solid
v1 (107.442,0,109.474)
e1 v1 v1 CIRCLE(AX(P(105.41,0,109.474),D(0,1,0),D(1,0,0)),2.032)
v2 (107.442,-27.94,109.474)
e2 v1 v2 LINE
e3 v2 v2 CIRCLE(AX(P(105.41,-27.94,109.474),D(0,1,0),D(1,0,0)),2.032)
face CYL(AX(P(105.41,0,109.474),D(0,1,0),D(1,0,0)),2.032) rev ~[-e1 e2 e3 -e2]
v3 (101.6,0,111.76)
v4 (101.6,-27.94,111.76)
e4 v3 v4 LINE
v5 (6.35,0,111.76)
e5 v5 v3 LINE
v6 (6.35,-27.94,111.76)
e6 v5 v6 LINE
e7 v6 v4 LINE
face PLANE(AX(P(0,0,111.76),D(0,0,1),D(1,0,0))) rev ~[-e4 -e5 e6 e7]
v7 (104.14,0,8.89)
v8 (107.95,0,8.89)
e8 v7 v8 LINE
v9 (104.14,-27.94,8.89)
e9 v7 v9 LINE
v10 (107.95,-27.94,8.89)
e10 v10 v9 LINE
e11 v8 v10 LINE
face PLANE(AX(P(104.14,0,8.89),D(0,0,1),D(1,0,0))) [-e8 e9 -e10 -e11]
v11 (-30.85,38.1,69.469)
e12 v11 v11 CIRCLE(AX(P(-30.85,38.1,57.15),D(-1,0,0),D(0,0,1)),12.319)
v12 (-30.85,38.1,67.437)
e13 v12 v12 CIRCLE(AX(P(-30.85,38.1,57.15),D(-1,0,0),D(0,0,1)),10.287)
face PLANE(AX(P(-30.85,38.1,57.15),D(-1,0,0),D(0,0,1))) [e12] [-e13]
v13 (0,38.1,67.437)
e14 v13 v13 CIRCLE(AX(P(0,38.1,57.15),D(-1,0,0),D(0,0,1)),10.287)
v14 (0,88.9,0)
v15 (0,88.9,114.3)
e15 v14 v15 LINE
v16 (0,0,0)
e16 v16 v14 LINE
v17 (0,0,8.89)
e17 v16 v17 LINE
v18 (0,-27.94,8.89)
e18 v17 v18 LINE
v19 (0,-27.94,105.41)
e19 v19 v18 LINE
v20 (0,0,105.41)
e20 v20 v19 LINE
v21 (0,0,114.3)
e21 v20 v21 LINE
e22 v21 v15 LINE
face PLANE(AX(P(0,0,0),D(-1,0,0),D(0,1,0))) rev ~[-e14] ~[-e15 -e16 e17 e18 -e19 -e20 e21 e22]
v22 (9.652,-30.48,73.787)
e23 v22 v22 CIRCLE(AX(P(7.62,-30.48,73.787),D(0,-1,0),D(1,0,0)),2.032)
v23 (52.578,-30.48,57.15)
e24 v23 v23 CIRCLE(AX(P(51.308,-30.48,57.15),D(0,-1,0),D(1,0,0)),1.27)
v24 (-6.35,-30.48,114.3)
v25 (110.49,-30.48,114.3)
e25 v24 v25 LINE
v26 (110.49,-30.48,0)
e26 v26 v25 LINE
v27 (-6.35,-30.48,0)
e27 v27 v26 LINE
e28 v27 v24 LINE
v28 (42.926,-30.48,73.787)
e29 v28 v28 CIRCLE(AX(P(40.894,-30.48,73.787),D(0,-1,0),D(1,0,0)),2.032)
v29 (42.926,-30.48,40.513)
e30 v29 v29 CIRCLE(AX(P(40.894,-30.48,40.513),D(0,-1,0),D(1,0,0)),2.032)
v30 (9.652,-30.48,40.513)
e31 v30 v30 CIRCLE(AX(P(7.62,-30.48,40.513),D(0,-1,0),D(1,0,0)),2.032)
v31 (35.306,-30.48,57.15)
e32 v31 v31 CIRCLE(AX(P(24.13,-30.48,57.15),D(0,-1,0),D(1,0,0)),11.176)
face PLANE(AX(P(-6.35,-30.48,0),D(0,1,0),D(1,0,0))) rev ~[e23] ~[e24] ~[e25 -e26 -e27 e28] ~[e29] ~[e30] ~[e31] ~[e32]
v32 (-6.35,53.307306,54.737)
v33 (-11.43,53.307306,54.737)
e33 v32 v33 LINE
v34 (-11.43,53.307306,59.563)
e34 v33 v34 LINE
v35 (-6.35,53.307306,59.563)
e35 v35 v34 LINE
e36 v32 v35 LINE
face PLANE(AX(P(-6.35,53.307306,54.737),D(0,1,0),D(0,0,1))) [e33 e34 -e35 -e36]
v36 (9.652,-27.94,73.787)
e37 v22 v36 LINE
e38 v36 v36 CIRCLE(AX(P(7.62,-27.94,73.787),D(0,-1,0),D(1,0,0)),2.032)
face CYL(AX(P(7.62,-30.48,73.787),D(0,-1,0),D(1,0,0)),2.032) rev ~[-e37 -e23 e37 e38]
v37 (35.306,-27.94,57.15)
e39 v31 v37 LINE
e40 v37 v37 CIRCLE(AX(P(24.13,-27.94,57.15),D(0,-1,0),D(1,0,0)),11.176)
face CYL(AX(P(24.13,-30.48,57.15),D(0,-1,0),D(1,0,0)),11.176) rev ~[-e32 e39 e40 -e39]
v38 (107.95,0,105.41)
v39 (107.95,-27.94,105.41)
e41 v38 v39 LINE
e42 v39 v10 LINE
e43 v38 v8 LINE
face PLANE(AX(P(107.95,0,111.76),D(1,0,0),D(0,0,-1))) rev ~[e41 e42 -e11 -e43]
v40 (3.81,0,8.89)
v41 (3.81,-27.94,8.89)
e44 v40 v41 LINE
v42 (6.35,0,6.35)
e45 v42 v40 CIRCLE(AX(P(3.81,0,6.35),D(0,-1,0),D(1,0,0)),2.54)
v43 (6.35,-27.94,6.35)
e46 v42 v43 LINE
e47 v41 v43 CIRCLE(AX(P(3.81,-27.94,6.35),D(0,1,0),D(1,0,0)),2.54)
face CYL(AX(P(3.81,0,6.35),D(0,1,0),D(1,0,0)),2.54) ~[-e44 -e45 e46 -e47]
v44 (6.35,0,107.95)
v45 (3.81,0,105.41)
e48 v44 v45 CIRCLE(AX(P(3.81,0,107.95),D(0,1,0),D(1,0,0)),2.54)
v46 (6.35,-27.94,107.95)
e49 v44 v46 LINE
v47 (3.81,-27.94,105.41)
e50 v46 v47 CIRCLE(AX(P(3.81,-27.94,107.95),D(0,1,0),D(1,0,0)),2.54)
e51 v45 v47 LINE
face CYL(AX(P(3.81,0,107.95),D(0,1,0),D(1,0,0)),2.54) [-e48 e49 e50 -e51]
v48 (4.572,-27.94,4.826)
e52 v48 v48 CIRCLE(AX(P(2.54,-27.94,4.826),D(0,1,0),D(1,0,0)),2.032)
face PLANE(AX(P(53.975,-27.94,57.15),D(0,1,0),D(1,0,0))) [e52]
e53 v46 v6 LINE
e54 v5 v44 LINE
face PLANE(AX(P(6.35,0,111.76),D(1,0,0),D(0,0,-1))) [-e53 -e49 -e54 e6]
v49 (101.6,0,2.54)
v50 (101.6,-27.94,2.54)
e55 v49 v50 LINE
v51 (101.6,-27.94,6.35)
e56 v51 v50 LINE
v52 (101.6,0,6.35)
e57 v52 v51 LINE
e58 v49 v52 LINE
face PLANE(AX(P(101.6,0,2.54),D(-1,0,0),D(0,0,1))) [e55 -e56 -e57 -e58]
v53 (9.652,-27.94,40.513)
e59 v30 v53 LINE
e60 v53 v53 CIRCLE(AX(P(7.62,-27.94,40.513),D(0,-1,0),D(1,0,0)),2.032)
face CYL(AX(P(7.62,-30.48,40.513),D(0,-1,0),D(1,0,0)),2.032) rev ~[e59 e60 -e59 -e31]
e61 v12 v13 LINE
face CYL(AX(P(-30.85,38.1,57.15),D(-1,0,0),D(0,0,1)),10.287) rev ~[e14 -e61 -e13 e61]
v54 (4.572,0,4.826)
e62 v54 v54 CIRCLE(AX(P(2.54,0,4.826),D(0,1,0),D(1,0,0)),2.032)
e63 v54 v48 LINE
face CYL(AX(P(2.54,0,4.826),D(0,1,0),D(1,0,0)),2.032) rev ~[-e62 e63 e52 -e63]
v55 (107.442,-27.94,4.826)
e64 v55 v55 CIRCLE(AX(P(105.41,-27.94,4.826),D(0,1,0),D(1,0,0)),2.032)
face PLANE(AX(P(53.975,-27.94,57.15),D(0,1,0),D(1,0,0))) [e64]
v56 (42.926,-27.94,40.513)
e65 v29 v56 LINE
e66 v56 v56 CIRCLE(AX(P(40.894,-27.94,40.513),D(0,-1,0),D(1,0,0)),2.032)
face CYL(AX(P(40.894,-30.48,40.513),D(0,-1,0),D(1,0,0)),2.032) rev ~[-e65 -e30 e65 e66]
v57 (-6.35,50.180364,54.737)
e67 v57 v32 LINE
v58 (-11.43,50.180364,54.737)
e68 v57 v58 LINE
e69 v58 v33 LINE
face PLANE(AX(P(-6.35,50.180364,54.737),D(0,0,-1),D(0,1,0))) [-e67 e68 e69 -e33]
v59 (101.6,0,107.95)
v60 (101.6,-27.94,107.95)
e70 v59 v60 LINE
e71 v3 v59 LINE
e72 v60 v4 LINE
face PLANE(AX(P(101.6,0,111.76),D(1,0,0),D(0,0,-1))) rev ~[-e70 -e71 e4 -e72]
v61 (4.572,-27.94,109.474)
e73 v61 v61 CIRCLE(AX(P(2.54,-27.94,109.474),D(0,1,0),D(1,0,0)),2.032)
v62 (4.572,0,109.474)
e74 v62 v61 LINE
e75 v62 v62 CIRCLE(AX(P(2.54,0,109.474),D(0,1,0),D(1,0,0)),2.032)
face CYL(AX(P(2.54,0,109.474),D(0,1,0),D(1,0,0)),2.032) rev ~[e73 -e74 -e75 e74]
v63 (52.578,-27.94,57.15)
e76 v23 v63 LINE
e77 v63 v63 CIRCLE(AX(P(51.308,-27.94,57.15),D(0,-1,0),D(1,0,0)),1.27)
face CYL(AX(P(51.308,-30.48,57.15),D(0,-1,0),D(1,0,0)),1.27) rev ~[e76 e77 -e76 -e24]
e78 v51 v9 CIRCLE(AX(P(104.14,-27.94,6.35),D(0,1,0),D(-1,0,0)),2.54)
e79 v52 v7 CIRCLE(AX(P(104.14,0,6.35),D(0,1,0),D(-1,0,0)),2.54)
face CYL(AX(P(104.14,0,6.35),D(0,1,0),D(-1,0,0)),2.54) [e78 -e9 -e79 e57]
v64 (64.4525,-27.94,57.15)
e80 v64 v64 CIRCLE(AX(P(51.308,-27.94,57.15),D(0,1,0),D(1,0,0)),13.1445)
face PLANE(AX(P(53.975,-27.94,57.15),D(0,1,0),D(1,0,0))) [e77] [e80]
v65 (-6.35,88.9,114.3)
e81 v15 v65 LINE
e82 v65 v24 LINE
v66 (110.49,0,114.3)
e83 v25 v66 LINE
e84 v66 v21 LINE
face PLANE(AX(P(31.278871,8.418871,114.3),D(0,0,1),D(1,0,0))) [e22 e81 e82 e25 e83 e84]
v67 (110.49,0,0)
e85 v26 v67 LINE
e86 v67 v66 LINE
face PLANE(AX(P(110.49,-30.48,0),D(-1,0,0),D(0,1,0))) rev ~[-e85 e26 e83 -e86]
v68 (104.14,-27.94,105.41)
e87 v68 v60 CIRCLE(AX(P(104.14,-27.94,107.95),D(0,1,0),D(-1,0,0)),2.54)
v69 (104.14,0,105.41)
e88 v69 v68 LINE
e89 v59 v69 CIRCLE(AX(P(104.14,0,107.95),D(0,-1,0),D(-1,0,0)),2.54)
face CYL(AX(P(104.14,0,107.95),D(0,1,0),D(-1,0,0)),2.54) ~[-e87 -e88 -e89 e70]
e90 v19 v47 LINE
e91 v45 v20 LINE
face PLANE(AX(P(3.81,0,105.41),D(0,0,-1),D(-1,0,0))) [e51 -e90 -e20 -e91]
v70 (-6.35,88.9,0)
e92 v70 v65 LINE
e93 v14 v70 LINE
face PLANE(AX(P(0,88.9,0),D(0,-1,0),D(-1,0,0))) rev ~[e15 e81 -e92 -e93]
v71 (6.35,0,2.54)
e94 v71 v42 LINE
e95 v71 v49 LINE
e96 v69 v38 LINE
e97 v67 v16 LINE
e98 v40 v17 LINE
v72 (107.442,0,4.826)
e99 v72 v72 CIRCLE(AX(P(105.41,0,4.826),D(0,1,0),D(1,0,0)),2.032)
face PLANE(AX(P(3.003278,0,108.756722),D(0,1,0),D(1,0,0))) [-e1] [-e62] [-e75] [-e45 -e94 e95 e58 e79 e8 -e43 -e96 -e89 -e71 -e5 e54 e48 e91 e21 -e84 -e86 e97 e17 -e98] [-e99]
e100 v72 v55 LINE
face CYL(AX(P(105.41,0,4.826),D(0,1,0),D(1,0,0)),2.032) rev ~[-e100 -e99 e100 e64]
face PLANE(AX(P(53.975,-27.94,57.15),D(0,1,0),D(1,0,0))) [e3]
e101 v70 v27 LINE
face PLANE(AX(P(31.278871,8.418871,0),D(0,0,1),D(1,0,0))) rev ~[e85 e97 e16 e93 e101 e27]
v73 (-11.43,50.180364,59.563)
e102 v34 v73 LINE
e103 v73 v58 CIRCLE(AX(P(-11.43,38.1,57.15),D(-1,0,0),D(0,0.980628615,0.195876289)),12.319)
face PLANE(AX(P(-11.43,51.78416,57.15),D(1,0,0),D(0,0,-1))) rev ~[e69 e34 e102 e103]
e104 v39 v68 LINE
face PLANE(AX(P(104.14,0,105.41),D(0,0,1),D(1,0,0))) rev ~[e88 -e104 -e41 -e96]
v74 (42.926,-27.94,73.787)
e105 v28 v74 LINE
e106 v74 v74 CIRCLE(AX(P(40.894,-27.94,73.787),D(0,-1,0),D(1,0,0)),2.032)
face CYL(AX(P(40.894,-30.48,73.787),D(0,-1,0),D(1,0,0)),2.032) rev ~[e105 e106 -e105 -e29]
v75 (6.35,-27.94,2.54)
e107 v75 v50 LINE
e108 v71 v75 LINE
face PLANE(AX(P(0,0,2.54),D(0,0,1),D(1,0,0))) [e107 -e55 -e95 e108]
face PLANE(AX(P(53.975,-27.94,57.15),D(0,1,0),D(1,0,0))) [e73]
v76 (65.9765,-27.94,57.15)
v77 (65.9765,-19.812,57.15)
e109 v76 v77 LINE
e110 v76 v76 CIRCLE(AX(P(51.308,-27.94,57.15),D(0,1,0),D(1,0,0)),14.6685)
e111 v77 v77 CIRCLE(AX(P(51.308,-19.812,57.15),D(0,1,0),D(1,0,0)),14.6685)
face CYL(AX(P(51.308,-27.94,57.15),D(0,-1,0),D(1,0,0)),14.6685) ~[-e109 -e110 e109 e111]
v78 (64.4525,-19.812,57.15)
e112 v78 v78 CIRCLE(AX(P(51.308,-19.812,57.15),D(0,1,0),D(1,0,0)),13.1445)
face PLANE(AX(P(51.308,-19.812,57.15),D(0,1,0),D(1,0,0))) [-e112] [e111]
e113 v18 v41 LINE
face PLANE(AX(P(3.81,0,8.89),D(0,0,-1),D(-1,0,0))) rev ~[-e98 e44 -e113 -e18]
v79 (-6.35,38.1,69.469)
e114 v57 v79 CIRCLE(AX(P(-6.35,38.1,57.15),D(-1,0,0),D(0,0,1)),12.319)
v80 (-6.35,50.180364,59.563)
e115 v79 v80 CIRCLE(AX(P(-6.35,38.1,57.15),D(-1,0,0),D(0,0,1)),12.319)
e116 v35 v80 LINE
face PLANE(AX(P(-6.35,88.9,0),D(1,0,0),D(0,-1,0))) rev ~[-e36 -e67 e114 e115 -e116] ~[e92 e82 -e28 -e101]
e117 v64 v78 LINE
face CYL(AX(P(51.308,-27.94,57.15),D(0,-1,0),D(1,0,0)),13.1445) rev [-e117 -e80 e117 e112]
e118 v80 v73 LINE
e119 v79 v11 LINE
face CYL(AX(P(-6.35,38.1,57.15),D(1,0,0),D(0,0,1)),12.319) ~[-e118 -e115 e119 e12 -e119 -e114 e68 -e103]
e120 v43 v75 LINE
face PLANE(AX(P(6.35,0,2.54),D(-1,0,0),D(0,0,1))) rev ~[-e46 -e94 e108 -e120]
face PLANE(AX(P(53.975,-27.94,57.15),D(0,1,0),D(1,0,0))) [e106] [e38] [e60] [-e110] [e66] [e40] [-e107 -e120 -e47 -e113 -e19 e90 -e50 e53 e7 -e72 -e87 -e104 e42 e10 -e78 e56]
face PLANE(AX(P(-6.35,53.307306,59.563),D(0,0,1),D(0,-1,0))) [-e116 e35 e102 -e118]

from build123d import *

# Parameters (mm, degrees)
BOSS_EXTRUDE1_DEPTH  = 114.3
SKETCH3_W            = 107.95
SKETCH3_H            = 109.22
CUT_EXTRUDE1_DEPTH   = 27.94
BOSS_EXTRUDE14_REACH = 32.48
SKETCH4_R            = 2.032
SKETCH5_R            = 2.032
SKETCH5_R_2          = 11.176
SKETCH5_R_3          = 1.27
CUT_EXTRUDE2_DEPTH   = 2.54
SKETCH7_R            = 12.319
BOSS_EXTRUDE15_DEPTH = 24.5
CUT_EXTRUDE3_REACH   = 143.34
SKETCH8_R            = 10.287
BOSS_EXTRUDE17_DEPTH = 5.08
SKETCH16_R           = 14.6685
SKETCH16_R_2         = 13.1445
BOSS_EXTRUDE18_DEPTH = 8.128


with BuildPart() as part:
    # Sketch1 → Boss-Extrude1 (new body)
    with BuildSketch(Plane.XY):
        Polygon((0, 0), (0, 88.9), (-6.35, 88.9), (-6.35, -30.48), (110.49, -30.48), (110.49, 0), align=None)
    extrude(amount=BOSS_EXTRUDE1_DEPTH)

    # Sketch3 → Cut-Extrude1 (cut)
    with BuildSketch(Plane(origin=(0, 0, 0), x_dir=(1, 0, 0), z_dir=(0, 1, 0))):
        with Locations((53.975, -57.15)):
            Rectangle(SKETCH3_W, SKETCH3_H)
    extrude(amount=-CUT_EXTRUDE1_DEPTH, mode=Mode.SUBTRACT)

    # Sketch4 → Boss-Extrude14 (add, up to next)
    with BuildSketch(Plane(origin=(0, 0, 0), x_dir=(1, 0, 0), z_dir=(0, 1, 0)), mode=Mode.PRIVATE) as boss_extrude14_sk1:
        with BuildLine():
            Line((0, -2.54), (6.35, -2.54))
            Line((6.35, -2.54), (6.35, -6.35))
            ThreePointArc((6.35, -6.35), (5.606051224, -8.146051224), (3.81, -8.89))
            Line((3.81, -8.89), (0, -8.89))
            Line((0, -8.89), (0, -2.54))
        make_face()
        with Locations((2.54, -4.826)):
            Circle(SKETCH4_R, mode=Mode.SUBTRACT)
    boss_extrude14_tool1 = extrude(boss_extrude14_sk1.sketch, amount=-BOSS_EXTRUDE14_REACH, mode=Mode.PRIVATE) - part.part
    add(boss_extrude14_tool1.solids().sort_by_distance((3.175, 0, 2.629803))[0])
    # Sketch4 → Boss-Extrude14 (add, up to next)
    with BuildSketch(Plane(origin=(0, 0, 0), x_dir=(1, 0, 0), z_dir=(0, 1, 0)), mode=Mode.PRIVATE) as boss_extrude14_sk2:
        with BuildLine():
            Line((101.6, -2.54), (101.6, -6.35))
            ThreePointArc((101.6, -6.35), (102.343948776, -8.146051224), (104.14, -8.89))
            Line((104.14, -8.89), (107.95, -8.89))
            Line((107.95, -8.89), (107.95, -2.54))
            Line((107.95, -2.54), (101.6, -2.54))
        make_face()
        with Locations((105.41, -4.826)):
            Circle(SKETCH4_R, mode=Mode.SUBTRACT)
    boss_extrude14_tool2 = extrude(boss_extrude14_sk2.sketch, amount=-BOSS_EXTRUDE14_REACH, mode=Mode.PRIVATE) - part.part
    add(boss_extrude14_tool2.solids().sort_by_distance((101.689803, 0, 4.445))[0])
    # Sketch4 → Boss-Extrude14 (add, up to next)
    with BuildSketch(Plane(origin=(0, 0, 0), x_dir=(1, 0, 0), z_dir=(0, 1, 0)), mode=Mode.PRIVATE) as boss_extrude14_sk3:
        with BuildLine():
            Line((107.95, -111.76), (101.6, -111.76))
            Line((101.6, -111.76), (101.6, -107.95))
            ThreePointArc((101.6, -107.95), (102.343948776, -106.153948776), (104.14, -105.41))
            Line((104.14, -105.41), (107.95, -105.41))
            Line((107.95, -105.41), (107.95, -111.76))
        make_face()
        with Locations((105.41, -109.474)):
            Circle(SKETCH4_R, mode=Mode.SUBTRACT)
    boss_extrude14_tool3 = extrude(boss_extrude14_sk3.sketch, amount=-BOSS_EXTRUDE14_REACH, mode=Mode.PRIVATE) - part.part
    add(boss_extrude14_tool3.solids().sort_by_distance((104.775, 0, 111.670197))[0])
    # Sketch4 → Boss-Extrude14 (add, up to next)
    with BuildSketch(Plane(origin=(0, 0, 0), x_dir=(1, 0, 0), z_dir=(0, 1, 0)), mode=Mode.PRIVATE) as boss_extrude14_sk4:
        with BuildLine():
            Line((6.35, -111.76), (6.35, -107.95))
            ThreePointArc((6.35, -107.95), (5.606051224, -106.153948776), (3.81, -105.41))
            Line((3.81, -105.41), (0, -105.41))
            Line((0, -105.41), (0, -111.76))
            Line((0, -111.76), (6.35, -111.76))
        make_face()
        with Locations((2.54, -109.474)):
            Circle(SKETCH4_R, mode=Mode.SUBTRACT)
    boss_extrude14_tool4 = extrude(boss_extrude14_sk4.sketch, amount=-BOSS_EXTRUDE14_REACH, mode=Mode.PRIVATE) - part.part
    add(boss_extrude14_tool4.solids().sort_by_distance((6.260197, 0, 109.855))[0])

    # Sketch5 → Cut-Extrude2 (cut)
    with BuildSketch(Plane.XZ.offset(30.48)):
        with Locations((7.62, 73.787)):
            Circle(SKETCH5_R)
        with Locations((40.894, 73.787)):
            Circle(SKETCH5_R)
        with Locations((40.894, 40.513)):
            Circle(SKETCH5_R)
        with Locations((7.62, 40.513)):
            Circle(SKETCH5_R)
        with Locations((24.13, 57.15)):
            Circle(SKETCH5_R_2)
        with Locations((51.308, 57.15)):
            Circle(SKETCH5_R_3)
    extrude(amount=-CUT_EXTRUDE2_DEPTH, mode=Mode.SUBTRACT)

    # Sketch7 → Boss-Extrude15 (add)
    with BuildSketch(Plane.ZY.offset(6.35)):
        with Locations((57.15, 38.1)):
            Circle(SKETCH7_R)
    extrude(amount=BOSS_EXTRUDE15_DEPTH)

    # Sketch8 → Cut-Extrude3 (cut, up to next)
    with BuildSketch(Plane.ZY.offset(30.85), mode=Mode.PRIVATE) as cut_extrude3_sk1:
        with Locations((57.15, 38.1)):
            Circle(SKETCH8_R)
    cut_extrude3_tool1 = extrude(cut_extrude3_sk1.sketch, amount=-CUT_EXTRUDE3_REACH, mode=Mode.PRIVATE) & part.part
    add(cut_extrude3_tool1.solids().sort_by_distance((-30.85, 38.1, 57.15))[0], mode=Mode.SUBTRACT)

    # Sketch11 → Boss-Extrude17 (add)
    with BuildSketch(Plane.ZY.offset(6.35)):
        with BuildLine():
            Line((54.737, 50.180363902), (54.737, 53.307305955))
            Line((54.737, 53.307305955), (59.563, 53.307305955))
            Line((59.563, 53.307305955), (59.563, 50.180363902))
            ThreePointArc((59.563, 50.180363902), (57.15, 50.419), (54.737, 50.180363902))
        make_face()
    extrude(amount=BOSS_EXTRUDE17_DEPTH)

    # Sketch16 → Boss-Extrude18 (add)
    with BuildSketch(Plane(origin=(0, -27.94, 0), x_dir=(1, 0, 0), z_dir=(0, 1, 0))):
        with Locations((51.308, -57.15)):
            Circle(SKETCH16_R)
        with Locations((51.308, -57.15)):
            Circle(SKETCH16_R_2, mode=Mode.SUBTRACT)
    extrude(amount=BOSS_EXTRUDE18_DEPTH)


solid = part.part
